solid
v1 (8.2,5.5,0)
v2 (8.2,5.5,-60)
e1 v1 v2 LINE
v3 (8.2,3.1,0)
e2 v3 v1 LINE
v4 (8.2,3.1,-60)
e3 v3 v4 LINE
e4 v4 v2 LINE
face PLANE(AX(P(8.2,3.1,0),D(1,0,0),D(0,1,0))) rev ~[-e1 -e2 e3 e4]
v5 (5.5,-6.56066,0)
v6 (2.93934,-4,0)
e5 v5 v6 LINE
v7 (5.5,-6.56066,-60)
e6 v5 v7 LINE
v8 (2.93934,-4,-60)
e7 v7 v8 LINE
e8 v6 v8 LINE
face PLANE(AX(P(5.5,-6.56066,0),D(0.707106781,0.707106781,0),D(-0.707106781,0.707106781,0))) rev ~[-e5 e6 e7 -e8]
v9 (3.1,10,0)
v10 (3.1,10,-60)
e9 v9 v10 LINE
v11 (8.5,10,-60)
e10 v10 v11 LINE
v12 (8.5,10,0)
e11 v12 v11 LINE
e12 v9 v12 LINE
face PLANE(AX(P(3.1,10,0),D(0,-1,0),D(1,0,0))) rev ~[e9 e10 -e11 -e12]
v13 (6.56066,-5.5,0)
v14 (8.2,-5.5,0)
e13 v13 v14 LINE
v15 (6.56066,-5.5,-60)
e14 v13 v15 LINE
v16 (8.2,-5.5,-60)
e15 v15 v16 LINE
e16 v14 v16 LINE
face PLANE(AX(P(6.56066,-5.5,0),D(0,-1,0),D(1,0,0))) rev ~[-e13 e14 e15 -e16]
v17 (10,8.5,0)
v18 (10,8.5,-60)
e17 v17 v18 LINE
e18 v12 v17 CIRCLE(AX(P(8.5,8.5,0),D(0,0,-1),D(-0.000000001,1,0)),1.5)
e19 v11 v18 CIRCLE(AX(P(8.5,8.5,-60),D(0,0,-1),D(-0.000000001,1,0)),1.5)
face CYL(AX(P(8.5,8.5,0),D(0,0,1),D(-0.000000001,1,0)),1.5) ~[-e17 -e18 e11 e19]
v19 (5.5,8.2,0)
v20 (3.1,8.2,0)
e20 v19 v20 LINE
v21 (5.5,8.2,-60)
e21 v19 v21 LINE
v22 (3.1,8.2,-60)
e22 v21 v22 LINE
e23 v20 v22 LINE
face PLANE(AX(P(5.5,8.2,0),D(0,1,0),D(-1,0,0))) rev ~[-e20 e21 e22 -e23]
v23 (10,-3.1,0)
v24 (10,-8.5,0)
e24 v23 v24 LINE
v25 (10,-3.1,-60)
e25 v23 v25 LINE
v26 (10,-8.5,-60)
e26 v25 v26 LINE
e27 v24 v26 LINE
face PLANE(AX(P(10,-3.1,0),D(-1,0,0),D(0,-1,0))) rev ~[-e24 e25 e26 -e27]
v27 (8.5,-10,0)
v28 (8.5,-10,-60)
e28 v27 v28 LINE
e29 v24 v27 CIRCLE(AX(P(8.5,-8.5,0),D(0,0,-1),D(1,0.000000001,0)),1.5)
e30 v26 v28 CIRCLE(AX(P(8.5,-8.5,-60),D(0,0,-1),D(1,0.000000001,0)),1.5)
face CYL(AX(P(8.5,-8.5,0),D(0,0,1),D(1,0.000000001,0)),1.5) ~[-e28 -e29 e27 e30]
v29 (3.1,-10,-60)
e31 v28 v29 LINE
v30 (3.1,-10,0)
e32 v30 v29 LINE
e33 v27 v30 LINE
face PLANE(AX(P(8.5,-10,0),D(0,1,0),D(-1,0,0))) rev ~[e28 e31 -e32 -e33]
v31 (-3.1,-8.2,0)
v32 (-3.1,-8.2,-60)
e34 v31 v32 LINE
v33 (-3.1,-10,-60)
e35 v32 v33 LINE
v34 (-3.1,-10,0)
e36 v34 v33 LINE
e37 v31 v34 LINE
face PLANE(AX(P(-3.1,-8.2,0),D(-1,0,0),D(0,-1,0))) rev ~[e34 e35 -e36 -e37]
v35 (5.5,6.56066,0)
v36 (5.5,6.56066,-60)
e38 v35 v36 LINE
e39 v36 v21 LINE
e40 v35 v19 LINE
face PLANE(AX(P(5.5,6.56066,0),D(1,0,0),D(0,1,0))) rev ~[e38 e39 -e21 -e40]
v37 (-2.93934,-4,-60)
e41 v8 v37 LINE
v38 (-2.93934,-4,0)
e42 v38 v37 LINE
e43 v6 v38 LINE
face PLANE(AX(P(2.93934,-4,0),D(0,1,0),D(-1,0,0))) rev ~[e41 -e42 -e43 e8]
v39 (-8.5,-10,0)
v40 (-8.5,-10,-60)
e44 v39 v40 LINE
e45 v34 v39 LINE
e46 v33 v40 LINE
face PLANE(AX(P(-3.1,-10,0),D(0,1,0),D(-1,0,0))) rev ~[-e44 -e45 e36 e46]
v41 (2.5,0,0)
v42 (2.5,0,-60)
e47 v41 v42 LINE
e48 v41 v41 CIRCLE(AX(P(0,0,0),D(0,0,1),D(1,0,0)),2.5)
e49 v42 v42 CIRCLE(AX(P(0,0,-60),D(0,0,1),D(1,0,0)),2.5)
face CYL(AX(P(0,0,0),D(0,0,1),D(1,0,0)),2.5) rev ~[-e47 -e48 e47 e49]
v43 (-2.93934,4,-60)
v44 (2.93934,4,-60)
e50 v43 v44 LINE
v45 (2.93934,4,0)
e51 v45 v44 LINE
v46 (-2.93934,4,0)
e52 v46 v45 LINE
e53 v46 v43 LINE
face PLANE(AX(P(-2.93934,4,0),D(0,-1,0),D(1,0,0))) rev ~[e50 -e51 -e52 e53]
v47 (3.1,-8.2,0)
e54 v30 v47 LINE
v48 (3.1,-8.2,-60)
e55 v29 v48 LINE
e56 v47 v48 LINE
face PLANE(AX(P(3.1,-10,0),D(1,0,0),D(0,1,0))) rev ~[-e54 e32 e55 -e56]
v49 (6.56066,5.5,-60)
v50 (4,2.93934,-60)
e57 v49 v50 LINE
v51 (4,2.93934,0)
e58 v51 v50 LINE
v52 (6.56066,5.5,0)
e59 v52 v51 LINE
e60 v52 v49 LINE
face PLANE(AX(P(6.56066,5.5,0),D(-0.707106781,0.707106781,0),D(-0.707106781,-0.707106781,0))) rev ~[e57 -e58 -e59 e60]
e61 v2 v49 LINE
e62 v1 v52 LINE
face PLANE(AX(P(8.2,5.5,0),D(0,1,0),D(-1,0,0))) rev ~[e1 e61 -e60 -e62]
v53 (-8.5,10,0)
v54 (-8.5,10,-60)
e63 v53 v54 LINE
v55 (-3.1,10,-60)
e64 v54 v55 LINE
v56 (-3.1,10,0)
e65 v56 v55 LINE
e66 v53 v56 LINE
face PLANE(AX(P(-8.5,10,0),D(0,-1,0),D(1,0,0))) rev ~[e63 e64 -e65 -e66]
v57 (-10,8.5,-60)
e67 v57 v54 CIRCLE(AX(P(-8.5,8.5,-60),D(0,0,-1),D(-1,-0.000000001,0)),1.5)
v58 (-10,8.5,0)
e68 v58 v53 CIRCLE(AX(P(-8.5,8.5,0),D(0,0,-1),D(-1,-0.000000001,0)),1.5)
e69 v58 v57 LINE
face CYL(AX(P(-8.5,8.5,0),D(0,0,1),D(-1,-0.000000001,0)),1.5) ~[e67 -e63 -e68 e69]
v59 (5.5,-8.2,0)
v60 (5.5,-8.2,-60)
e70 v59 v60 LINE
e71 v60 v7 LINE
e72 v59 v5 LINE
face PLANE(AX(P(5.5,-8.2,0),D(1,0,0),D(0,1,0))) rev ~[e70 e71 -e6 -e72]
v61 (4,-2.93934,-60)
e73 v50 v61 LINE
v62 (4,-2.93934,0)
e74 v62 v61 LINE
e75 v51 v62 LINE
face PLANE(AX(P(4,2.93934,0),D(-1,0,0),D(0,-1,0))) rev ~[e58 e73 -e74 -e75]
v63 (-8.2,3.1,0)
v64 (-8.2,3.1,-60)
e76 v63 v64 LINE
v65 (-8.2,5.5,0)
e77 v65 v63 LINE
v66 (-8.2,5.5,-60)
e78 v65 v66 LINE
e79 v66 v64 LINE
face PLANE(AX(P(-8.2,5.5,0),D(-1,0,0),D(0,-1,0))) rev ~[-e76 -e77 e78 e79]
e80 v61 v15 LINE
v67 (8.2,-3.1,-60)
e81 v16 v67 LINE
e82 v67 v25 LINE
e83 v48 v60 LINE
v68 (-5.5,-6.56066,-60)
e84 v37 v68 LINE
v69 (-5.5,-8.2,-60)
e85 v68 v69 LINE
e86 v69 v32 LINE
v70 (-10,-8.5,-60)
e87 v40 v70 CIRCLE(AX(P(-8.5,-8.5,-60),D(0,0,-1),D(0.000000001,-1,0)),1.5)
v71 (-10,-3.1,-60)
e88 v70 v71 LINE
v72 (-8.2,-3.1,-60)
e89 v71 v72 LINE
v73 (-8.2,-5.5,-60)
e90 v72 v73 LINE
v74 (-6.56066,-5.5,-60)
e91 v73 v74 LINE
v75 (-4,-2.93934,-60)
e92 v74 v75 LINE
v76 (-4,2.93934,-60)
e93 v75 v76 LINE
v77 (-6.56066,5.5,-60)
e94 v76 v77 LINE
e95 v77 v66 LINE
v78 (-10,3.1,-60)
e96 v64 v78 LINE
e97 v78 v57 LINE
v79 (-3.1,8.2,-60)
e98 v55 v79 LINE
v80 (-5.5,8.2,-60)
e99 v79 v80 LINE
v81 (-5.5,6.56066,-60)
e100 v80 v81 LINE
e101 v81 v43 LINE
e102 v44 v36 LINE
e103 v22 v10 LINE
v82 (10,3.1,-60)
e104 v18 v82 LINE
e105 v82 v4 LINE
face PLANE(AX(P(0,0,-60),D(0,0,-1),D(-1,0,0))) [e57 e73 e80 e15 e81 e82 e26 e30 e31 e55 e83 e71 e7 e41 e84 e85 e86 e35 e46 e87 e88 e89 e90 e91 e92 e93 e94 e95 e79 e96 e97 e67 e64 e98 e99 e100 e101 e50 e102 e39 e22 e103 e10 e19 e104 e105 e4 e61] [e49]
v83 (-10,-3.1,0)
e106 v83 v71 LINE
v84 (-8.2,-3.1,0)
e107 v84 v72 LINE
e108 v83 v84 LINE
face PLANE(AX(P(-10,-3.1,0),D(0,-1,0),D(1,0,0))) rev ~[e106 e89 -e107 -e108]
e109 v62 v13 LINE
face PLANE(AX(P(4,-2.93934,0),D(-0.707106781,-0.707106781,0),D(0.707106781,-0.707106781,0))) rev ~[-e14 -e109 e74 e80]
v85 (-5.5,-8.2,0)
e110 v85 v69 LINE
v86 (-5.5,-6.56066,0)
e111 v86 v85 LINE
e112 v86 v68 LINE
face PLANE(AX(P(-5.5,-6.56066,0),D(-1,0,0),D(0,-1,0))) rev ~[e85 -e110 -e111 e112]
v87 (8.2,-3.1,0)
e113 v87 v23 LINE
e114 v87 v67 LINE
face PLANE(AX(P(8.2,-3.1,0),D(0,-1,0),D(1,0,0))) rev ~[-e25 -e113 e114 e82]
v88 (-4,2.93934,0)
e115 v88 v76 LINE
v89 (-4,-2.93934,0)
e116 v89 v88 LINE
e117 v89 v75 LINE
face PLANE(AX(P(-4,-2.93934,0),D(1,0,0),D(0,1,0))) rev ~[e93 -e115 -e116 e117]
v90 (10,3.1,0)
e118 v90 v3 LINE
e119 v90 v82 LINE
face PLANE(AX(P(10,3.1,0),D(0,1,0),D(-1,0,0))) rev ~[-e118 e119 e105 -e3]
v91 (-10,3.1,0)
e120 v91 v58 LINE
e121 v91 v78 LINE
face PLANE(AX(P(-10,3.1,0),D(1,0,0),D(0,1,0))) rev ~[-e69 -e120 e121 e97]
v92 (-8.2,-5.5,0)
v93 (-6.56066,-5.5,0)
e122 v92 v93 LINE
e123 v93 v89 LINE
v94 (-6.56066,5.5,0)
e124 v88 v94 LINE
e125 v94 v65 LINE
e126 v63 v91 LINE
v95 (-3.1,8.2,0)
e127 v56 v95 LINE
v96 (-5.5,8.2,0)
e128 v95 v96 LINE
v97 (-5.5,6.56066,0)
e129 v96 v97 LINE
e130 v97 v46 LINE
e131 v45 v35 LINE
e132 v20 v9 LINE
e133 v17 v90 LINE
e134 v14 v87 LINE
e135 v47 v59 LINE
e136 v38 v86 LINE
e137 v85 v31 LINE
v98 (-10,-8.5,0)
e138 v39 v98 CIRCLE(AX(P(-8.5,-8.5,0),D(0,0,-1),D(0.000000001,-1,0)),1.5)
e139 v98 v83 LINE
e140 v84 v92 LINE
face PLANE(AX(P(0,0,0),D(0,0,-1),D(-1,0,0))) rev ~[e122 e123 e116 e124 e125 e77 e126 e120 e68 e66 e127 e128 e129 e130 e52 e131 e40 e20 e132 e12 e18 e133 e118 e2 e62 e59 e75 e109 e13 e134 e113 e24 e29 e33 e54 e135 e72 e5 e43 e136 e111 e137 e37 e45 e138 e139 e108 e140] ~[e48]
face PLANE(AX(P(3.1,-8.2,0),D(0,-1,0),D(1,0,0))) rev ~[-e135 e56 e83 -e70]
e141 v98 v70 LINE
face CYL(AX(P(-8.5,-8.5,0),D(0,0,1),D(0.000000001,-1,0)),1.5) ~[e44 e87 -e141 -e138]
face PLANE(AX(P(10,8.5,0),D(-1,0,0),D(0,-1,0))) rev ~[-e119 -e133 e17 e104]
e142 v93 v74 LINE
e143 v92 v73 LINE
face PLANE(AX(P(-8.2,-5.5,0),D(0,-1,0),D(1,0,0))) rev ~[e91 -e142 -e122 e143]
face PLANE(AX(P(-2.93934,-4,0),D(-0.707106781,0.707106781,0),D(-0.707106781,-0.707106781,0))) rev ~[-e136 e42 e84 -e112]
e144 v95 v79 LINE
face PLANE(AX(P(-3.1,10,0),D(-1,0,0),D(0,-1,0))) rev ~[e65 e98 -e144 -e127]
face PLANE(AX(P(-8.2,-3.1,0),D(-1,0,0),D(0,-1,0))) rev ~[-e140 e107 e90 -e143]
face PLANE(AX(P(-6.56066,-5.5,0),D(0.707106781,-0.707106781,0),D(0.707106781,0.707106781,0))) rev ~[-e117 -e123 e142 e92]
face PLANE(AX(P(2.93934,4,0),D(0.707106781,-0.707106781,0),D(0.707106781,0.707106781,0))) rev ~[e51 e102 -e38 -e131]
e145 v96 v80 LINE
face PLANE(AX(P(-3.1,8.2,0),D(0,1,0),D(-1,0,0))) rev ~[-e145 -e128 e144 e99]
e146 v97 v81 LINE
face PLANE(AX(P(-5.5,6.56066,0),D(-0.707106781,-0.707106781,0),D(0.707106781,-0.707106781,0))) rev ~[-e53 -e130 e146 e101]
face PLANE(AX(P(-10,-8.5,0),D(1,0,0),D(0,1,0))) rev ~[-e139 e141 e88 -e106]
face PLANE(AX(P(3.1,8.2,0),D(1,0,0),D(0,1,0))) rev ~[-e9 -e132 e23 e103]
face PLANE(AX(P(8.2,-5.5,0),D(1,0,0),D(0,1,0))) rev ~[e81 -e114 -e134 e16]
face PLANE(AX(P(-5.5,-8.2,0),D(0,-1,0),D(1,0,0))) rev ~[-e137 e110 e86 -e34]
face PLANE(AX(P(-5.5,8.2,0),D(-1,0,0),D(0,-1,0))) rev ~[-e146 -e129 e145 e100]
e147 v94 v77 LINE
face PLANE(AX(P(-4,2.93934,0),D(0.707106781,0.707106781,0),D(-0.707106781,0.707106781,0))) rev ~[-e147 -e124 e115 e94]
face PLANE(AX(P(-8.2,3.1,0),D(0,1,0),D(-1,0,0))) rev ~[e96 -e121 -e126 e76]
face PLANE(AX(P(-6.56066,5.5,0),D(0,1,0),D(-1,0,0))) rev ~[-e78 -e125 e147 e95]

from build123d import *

# Parameters (mm, degrees)
SKETCH_1_R      = 2.5
EXTRUDE_2_DEPTH = 60


with BuildPart() as part:
    # 草图1 → 凸台-拉伸2 (new body)
    with BuildSketch(Plane.XY):
        with BuildLine():
            Line((5.5, -8.2), (5.5, -6.560660172))
            Line((5.5, -6.560660172), (2.939339828, -4))
            Line((2.939339828, -4), (-2.939339828, -4))
            Line((-2.939339828, -4), (-5.5, -6.560660172))
            Line((-5.5, -6.560660172), (-5.5, -8.2))
            Line((-5.5, -8.2), (-3.1, -8.2))
            Line((-3.1, -8.2), (-3.1, -10))
            Line((-3.1, -10), (-8.5, -10))
            ThreePointArc((-8.5, -10), (-9.560660172, -9.560660172), (-10, -8.5))
            Line((-10, -8.5), (-10, -3.1))
            Line((-10, -3.1), (-8.2, -3.1))
            Line((-8.2, -3.1), (-8.2, -5.5))
            Line((-8.2, -5.5), (-6.560660172, -5.5))
            Line((-6.560660172, -5.5), (-4, -2.939339828))
            Line((-4, -2.939339828), (-4, 2.939339828))
            Line((-4, 2.939339828), (-6.560660172, 5.5))
            Line((-6.560660172, 5.5), (-8.2, 5.5))
            Line((-8.2, 5.5), (-8.2, 3.1))
            Line((-8.2, 3.1), (-10, 3.1))
            Line((-10, 3.1), (-10, 8.5))
            ThreePointArc((-10, 8.5), (-9.560660172, 9.560660172), (-8.5, 10))
            Line((-8.5, 10), (-3.1, 10))
            Line((-3.1, 10), (-3.1, 8.2))
            Line((-3.1, 8.2), (-5.5, 8.2))
            Line((-5.5, 8.2), (-5.5, 6.560660172))
            Line((-5.5, 6.560660172), (-2.939339828, 4))
            Line((-2.939339828, 4), (2.939339828, 4))
            Line((2.939339828, 4), (5.5, 6.560660172))
            Line((5.5, 6.560660172), (5.5, 8.2))
            Line((5.5, 8.2), (3.1, 8.2))
            Line((3.1, 8.2), (3.1, 10))
            Line((3.1, 10), (8.5, 10))
            ThreePointArc((8.5, 10), (9.560660172, 9.560660172), (10, 8.5))
            Line((10, 8.5), (10, 3.1))
            Line((10, 3.1), (8.2, 3.1))
            Line((8.2, 3.1), (8.2, 5.5))
            Line((8.2, 5.5), (6.560660172, 5.5))
            Line((6.560660172, 5.5), (4, 2.939339828))
            Line((4, 2.939339828), (4, -2.939339828))
            Line((4, -2.939339828), (6.560660172, -5.5))
            Line((6.560660172, -5.5), (8.2, -5.5))
            Line((8.2, -5.5), (8.2, -3.1))
            Line((8.2, -3.1), (10, -3.1))
            Line((10, -3.1), (10, -8.5))
            ThreePointArc((10, -8.5), (9.560660172, -9.560660172), (8.5, -10))
            Line((8.5, -10), (3.1, -10))
            Line((3.1, -10), (3.1, -8.2))
            Line((3.1, -8.2), (5.5, -8.2))
        make_face()
        Circle(SKETCH_1_R, mode=Mode.SUBTRACT)
    extrude(amount=-EXTRUDE_2_DEPTH)


solid = part.part
